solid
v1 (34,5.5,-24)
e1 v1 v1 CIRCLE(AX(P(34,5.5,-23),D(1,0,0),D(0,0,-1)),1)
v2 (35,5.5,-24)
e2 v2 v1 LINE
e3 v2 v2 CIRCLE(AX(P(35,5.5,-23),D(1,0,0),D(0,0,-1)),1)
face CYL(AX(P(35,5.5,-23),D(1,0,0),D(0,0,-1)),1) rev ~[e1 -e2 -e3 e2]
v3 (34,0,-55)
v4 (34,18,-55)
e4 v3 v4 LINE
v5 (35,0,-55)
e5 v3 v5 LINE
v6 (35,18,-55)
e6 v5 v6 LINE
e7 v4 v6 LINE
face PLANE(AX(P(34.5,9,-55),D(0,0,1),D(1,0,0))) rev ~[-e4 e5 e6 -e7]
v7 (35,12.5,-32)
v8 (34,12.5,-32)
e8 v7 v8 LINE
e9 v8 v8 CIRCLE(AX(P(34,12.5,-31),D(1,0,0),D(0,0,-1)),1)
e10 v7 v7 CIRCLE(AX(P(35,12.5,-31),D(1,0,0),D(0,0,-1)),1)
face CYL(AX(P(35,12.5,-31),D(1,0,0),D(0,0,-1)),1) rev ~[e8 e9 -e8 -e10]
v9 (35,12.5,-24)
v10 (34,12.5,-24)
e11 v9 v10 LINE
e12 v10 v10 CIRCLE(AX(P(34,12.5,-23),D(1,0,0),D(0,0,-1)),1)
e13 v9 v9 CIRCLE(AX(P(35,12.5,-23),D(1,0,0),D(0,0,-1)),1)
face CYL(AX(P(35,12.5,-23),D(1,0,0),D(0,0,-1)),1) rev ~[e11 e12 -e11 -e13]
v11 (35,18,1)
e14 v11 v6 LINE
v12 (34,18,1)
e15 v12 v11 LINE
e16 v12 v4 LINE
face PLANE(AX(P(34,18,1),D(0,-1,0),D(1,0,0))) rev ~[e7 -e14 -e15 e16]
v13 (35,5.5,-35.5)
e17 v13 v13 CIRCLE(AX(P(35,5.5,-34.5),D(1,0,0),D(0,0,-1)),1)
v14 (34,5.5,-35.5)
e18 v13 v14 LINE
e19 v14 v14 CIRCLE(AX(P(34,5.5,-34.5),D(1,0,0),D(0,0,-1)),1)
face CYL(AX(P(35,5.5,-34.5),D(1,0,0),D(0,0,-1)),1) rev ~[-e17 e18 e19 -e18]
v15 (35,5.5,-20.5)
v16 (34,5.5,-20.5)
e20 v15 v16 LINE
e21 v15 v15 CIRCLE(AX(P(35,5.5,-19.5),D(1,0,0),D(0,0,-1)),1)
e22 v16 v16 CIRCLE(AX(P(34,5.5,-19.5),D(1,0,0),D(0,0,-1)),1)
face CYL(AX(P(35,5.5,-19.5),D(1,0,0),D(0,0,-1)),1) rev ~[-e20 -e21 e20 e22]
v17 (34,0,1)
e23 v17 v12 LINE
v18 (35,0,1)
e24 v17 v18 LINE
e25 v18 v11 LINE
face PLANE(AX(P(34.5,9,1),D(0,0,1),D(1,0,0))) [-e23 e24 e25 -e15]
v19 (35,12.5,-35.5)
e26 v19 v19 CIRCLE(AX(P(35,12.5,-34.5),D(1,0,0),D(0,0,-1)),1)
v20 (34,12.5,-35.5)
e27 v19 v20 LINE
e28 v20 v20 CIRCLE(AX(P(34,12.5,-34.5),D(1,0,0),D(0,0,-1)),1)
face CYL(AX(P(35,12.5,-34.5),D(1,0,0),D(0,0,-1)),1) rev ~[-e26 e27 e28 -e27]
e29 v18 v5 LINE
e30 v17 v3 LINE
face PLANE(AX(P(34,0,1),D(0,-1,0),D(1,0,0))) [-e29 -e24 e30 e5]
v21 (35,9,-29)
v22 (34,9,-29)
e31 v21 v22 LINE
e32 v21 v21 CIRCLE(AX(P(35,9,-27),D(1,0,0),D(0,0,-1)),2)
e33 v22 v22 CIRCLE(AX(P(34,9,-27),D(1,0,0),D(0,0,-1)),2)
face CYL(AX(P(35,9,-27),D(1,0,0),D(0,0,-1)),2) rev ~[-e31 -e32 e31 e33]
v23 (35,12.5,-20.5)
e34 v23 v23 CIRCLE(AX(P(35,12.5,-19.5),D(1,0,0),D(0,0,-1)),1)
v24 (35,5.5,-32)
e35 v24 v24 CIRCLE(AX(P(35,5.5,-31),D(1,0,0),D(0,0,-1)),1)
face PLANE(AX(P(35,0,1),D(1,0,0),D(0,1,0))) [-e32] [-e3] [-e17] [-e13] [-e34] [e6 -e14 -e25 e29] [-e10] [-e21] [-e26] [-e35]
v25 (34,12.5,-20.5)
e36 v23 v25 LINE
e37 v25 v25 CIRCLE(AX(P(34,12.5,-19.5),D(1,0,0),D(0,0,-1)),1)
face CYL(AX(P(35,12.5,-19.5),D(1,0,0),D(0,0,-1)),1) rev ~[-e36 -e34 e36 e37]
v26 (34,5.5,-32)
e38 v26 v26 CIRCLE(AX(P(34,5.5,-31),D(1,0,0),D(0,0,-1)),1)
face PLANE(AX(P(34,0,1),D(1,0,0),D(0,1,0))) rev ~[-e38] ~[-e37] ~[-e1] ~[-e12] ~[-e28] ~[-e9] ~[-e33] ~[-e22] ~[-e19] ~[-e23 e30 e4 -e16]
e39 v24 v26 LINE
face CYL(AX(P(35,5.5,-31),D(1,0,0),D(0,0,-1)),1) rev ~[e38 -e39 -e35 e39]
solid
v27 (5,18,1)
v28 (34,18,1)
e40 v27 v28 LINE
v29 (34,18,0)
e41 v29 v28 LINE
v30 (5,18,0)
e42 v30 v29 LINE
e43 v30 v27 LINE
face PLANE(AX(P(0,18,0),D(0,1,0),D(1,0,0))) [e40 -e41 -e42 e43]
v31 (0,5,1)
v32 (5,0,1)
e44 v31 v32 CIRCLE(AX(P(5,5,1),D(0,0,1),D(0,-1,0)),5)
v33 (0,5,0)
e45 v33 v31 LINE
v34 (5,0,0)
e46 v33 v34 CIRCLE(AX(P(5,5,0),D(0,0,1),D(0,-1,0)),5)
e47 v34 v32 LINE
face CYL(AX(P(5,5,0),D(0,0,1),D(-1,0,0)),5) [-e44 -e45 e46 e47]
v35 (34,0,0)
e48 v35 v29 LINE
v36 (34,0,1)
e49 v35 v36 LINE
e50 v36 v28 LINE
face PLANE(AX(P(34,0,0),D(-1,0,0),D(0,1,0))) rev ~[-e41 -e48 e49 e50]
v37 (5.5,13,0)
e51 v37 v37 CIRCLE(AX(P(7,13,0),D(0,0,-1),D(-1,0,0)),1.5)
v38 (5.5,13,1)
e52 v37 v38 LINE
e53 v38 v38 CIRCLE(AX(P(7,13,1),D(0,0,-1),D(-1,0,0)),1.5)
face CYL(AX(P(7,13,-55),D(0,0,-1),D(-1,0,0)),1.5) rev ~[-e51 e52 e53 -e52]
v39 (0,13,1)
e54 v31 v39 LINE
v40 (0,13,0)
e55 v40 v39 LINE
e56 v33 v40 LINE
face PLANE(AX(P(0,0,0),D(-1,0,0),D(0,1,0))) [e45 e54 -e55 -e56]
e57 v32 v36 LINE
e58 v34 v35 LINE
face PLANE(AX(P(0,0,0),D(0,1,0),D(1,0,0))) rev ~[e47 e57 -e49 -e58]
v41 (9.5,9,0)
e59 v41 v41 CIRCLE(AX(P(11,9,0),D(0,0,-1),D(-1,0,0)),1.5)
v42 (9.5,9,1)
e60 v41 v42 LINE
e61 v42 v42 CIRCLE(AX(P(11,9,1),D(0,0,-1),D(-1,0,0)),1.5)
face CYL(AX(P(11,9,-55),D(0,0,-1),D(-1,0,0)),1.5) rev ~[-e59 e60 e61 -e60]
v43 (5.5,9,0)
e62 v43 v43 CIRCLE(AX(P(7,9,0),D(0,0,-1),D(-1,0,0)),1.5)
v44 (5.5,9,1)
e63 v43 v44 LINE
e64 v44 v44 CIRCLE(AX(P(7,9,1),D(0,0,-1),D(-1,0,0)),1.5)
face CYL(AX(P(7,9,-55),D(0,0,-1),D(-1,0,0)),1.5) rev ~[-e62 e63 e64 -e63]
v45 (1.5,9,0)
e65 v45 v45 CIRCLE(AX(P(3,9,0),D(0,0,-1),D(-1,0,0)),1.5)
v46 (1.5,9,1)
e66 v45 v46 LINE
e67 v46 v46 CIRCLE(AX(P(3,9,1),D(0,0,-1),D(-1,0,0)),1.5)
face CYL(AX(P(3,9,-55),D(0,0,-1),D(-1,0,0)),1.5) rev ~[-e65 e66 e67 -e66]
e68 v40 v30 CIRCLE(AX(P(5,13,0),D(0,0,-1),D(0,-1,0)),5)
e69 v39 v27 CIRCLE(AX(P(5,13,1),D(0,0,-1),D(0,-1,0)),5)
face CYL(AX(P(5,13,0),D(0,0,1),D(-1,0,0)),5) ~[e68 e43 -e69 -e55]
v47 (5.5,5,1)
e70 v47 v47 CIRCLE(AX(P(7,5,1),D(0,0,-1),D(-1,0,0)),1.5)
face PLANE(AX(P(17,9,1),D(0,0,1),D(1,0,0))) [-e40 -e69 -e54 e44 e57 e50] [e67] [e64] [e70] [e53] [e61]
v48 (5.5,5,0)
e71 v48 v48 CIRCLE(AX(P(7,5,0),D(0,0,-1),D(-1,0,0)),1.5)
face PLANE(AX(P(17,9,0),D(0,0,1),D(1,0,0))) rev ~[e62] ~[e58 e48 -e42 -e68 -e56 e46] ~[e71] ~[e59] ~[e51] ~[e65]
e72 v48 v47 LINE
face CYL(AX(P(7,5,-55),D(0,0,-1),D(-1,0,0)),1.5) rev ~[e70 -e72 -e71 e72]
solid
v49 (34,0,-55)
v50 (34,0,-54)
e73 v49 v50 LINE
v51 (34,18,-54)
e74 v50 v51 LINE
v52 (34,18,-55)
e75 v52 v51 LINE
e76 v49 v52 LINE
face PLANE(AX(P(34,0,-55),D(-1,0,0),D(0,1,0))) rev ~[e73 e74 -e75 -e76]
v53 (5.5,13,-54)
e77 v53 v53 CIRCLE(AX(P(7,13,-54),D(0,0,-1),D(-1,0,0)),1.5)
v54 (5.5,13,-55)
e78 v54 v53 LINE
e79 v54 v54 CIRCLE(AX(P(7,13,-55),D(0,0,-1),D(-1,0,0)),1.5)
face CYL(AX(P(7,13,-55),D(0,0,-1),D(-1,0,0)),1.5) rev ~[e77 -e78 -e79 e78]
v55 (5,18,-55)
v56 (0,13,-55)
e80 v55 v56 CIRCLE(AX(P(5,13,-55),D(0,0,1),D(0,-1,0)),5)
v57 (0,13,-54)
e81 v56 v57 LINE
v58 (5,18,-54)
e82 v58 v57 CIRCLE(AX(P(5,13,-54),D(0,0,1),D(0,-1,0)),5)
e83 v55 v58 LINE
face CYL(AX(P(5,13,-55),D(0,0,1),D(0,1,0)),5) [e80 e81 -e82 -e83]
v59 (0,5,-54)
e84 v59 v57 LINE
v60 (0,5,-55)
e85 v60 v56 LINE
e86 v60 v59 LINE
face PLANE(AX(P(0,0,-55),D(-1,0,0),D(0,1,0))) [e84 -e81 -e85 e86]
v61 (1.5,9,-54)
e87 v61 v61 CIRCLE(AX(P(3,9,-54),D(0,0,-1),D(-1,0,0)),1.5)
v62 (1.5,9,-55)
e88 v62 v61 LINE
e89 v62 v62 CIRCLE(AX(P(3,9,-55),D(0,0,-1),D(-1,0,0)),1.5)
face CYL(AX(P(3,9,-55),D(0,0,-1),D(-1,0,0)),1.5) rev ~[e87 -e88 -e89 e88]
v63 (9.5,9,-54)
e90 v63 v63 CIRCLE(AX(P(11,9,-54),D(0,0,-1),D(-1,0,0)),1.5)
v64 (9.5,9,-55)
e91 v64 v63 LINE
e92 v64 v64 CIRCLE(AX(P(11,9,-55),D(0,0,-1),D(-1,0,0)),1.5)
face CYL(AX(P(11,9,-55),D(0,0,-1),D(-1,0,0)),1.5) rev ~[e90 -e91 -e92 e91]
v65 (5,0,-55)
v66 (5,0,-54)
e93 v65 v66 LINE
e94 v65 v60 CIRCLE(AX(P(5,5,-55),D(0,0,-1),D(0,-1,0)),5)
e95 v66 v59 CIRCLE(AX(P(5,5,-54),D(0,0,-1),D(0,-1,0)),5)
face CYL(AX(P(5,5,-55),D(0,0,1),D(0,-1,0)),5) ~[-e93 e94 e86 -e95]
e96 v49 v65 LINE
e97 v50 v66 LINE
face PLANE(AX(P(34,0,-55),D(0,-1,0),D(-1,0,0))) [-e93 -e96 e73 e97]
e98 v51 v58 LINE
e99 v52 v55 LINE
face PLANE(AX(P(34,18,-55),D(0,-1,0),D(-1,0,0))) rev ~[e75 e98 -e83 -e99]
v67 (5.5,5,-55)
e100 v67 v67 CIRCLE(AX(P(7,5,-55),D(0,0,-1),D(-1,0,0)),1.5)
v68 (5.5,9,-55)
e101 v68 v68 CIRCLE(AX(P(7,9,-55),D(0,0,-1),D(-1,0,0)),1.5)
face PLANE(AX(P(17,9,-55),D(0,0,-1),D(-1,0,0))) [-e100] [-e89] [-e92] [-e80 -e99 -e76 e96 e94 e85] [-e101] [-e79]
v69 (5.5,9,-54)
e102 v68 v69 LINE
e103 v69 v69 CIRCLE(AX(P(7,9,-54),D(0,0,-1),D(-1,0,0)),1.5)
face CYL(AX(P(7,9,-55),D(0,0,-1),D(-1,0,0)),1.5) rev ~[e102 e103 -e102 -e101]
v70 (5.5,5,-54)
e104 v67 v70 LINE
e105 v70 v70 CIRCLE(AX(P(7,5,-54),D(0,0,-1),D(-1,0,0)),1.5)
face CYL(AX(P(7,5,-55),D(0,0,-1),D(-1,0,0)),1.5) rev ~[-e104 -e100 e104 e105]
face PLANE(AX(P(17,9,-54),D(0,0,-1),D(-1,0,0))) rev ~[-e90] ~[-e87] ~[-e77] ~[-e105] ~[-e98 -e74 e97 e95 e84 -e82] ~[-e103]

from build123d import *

# Parameters (mm, degrees)
SKETCH2_W           = 34
SKETCH2_H           = 18
BOSS_EXTRUDE1_DEPTH = 1
SKETCH4_W           = 1
SKETCH4_H           = 18
BOSS_EXTRUDE2_DEPTH = 56
SKETCH5_W           = 34
SKETCH5_H           = 18
BOSS_EXTRUDE3_DEPTH = 1
SKETCH6_R           = 1.5
CUT_EXTRUDE1_DEPTH  = 57
FILLET1_R           = 5
FILLET2_R           = 5
SKETCH7_R           = 2
SKETCH7_R_2         = 1
CUT_EXTRUDE2_DEPTH  = 53


with BuildPart() as part:
    # Sketch2 → Boss-Extrude1 (new body)
    with BuildSketch(Plane.XY):
        with Locations((17, 9)):
            Rectangle(SKETCH2_W, SKETCH2_H)
    extrude(amount=BOSS_EXTRUDE1_DEPTH)


with BuildPart() as body_2:
    # Sketch4 → Boss-Extrude2 (new body)
    with BuildSketch(Plane.XY.offset(1)):
        with Locations((34.5, 9)):
            Rectangle(SKETCH4_W, SKETCH4_H)
    extrude(amount=-BOSS_EXTRUDE2_DEPTH)

    # Sketch7 → Cut-Extrude2 (cut)
    with BuildSketch(Plane(origin=(35, 0, 0), x_dir=(0, 0, -1), z_dir=(1, 0, 0))):
        with Locations((27, 9)):
            Circle(SKETCH7_R)
        with Locations((23, 12.5)):
            Circle(SKETCH7_R_2)
        with Locations((23, 5.5)):
            Circle(SKETCH7_R_2)
        with Locations((31, 12.5)):
            Circle(SKETCH7_R_2)
        with Locations((31, 5.5)):
            Circle(SKETCH7_R_2)
        with Locations((19.5, 12.5)):
            Circle(SKETCH7_R_2)
        with Locations((19.5, 5.5)):
            Circle(SKETCH7_R_2)
        with Locations((34.5, 12.5)):
            Circle(SKETCH7_R_2)
        with Locations((34.5, 5.5)):
            Circle(SKETCH7_R_2)
    extrude(amount=-CUT_EXTRUDE2_DEPTH, mode=Mode.SUBTRACT)


with BuildPart() as body_3:
    # Sketch5 → Boss-Extrude3 (new body)
    with BuildSketch(Plane(origin=(0, 0, -55), x_dir=(-1, 0, 0), z_dir=(0, 0, -1))):
        with Locations((-17, 9)):
            Rectangle(SKETCH5_W, SKETCH5_H)
    extrude(amount=-BOSS_EXTRUDE3_DEPTH)


with BuildPart() as cut_extrude1_tool:
    # Sketch6 → Cut-Extrude1 (new body)
    with BuildSketch(Plane(origin=(0, 0, -55), x_dir=(-1, 0, 0), z_dir=(0, 0, -1))):
        with Locations((-3, 9)):
            Circle(SKETCH6_R)
        with Locations((-7, 9)):
            Circle(SKETCH6_R)
        with Locations((-7, 13)):
            Circle(SKETCH6_R)
        with Locations((-7, 5)):
            Circle(SKETCH6_R)
        with Locations((-11, 9)):
            Circle(SKETCH6_R)
    extrude(amount=-CUT_EXTRUDE1_DEPTH)


with BuildPart() as part_1:
    add(part.part)

    # Cut-Extrude1: cut by cut_extrude1_tool
    add(cut_extrude1_tool.part, mode=Mode.SUBTRACT)

    # Fillet2
    fillet2_edges = [part_1.edges().sort_by_distance(p)[0] for p in [
        (0, 18, 0.5),
        (0, 0, 0.5),
    ]]
    fillet(fillet2_edges, radius=FILLET2_R)


with BuildPart() as body_3_1:
    add(body_3.part)

    # Cut-Extrude1: cut by cut_extrude1_tool
    add(cut_extrude1_tool.part, mode=Mode.SUBTRACT)

    # Fillet1
    fillet1_edges = [body_3_1.edges().sort_by_distance(p)[0] for p in [
        (0, 18, -54.5),
        (0, 0, -54.5),
    ]]
    fillet(fillet1_edges, radius=FILLET1_R)


solid = Compound([body_2.part, part_1.part, body_3_1.part])
